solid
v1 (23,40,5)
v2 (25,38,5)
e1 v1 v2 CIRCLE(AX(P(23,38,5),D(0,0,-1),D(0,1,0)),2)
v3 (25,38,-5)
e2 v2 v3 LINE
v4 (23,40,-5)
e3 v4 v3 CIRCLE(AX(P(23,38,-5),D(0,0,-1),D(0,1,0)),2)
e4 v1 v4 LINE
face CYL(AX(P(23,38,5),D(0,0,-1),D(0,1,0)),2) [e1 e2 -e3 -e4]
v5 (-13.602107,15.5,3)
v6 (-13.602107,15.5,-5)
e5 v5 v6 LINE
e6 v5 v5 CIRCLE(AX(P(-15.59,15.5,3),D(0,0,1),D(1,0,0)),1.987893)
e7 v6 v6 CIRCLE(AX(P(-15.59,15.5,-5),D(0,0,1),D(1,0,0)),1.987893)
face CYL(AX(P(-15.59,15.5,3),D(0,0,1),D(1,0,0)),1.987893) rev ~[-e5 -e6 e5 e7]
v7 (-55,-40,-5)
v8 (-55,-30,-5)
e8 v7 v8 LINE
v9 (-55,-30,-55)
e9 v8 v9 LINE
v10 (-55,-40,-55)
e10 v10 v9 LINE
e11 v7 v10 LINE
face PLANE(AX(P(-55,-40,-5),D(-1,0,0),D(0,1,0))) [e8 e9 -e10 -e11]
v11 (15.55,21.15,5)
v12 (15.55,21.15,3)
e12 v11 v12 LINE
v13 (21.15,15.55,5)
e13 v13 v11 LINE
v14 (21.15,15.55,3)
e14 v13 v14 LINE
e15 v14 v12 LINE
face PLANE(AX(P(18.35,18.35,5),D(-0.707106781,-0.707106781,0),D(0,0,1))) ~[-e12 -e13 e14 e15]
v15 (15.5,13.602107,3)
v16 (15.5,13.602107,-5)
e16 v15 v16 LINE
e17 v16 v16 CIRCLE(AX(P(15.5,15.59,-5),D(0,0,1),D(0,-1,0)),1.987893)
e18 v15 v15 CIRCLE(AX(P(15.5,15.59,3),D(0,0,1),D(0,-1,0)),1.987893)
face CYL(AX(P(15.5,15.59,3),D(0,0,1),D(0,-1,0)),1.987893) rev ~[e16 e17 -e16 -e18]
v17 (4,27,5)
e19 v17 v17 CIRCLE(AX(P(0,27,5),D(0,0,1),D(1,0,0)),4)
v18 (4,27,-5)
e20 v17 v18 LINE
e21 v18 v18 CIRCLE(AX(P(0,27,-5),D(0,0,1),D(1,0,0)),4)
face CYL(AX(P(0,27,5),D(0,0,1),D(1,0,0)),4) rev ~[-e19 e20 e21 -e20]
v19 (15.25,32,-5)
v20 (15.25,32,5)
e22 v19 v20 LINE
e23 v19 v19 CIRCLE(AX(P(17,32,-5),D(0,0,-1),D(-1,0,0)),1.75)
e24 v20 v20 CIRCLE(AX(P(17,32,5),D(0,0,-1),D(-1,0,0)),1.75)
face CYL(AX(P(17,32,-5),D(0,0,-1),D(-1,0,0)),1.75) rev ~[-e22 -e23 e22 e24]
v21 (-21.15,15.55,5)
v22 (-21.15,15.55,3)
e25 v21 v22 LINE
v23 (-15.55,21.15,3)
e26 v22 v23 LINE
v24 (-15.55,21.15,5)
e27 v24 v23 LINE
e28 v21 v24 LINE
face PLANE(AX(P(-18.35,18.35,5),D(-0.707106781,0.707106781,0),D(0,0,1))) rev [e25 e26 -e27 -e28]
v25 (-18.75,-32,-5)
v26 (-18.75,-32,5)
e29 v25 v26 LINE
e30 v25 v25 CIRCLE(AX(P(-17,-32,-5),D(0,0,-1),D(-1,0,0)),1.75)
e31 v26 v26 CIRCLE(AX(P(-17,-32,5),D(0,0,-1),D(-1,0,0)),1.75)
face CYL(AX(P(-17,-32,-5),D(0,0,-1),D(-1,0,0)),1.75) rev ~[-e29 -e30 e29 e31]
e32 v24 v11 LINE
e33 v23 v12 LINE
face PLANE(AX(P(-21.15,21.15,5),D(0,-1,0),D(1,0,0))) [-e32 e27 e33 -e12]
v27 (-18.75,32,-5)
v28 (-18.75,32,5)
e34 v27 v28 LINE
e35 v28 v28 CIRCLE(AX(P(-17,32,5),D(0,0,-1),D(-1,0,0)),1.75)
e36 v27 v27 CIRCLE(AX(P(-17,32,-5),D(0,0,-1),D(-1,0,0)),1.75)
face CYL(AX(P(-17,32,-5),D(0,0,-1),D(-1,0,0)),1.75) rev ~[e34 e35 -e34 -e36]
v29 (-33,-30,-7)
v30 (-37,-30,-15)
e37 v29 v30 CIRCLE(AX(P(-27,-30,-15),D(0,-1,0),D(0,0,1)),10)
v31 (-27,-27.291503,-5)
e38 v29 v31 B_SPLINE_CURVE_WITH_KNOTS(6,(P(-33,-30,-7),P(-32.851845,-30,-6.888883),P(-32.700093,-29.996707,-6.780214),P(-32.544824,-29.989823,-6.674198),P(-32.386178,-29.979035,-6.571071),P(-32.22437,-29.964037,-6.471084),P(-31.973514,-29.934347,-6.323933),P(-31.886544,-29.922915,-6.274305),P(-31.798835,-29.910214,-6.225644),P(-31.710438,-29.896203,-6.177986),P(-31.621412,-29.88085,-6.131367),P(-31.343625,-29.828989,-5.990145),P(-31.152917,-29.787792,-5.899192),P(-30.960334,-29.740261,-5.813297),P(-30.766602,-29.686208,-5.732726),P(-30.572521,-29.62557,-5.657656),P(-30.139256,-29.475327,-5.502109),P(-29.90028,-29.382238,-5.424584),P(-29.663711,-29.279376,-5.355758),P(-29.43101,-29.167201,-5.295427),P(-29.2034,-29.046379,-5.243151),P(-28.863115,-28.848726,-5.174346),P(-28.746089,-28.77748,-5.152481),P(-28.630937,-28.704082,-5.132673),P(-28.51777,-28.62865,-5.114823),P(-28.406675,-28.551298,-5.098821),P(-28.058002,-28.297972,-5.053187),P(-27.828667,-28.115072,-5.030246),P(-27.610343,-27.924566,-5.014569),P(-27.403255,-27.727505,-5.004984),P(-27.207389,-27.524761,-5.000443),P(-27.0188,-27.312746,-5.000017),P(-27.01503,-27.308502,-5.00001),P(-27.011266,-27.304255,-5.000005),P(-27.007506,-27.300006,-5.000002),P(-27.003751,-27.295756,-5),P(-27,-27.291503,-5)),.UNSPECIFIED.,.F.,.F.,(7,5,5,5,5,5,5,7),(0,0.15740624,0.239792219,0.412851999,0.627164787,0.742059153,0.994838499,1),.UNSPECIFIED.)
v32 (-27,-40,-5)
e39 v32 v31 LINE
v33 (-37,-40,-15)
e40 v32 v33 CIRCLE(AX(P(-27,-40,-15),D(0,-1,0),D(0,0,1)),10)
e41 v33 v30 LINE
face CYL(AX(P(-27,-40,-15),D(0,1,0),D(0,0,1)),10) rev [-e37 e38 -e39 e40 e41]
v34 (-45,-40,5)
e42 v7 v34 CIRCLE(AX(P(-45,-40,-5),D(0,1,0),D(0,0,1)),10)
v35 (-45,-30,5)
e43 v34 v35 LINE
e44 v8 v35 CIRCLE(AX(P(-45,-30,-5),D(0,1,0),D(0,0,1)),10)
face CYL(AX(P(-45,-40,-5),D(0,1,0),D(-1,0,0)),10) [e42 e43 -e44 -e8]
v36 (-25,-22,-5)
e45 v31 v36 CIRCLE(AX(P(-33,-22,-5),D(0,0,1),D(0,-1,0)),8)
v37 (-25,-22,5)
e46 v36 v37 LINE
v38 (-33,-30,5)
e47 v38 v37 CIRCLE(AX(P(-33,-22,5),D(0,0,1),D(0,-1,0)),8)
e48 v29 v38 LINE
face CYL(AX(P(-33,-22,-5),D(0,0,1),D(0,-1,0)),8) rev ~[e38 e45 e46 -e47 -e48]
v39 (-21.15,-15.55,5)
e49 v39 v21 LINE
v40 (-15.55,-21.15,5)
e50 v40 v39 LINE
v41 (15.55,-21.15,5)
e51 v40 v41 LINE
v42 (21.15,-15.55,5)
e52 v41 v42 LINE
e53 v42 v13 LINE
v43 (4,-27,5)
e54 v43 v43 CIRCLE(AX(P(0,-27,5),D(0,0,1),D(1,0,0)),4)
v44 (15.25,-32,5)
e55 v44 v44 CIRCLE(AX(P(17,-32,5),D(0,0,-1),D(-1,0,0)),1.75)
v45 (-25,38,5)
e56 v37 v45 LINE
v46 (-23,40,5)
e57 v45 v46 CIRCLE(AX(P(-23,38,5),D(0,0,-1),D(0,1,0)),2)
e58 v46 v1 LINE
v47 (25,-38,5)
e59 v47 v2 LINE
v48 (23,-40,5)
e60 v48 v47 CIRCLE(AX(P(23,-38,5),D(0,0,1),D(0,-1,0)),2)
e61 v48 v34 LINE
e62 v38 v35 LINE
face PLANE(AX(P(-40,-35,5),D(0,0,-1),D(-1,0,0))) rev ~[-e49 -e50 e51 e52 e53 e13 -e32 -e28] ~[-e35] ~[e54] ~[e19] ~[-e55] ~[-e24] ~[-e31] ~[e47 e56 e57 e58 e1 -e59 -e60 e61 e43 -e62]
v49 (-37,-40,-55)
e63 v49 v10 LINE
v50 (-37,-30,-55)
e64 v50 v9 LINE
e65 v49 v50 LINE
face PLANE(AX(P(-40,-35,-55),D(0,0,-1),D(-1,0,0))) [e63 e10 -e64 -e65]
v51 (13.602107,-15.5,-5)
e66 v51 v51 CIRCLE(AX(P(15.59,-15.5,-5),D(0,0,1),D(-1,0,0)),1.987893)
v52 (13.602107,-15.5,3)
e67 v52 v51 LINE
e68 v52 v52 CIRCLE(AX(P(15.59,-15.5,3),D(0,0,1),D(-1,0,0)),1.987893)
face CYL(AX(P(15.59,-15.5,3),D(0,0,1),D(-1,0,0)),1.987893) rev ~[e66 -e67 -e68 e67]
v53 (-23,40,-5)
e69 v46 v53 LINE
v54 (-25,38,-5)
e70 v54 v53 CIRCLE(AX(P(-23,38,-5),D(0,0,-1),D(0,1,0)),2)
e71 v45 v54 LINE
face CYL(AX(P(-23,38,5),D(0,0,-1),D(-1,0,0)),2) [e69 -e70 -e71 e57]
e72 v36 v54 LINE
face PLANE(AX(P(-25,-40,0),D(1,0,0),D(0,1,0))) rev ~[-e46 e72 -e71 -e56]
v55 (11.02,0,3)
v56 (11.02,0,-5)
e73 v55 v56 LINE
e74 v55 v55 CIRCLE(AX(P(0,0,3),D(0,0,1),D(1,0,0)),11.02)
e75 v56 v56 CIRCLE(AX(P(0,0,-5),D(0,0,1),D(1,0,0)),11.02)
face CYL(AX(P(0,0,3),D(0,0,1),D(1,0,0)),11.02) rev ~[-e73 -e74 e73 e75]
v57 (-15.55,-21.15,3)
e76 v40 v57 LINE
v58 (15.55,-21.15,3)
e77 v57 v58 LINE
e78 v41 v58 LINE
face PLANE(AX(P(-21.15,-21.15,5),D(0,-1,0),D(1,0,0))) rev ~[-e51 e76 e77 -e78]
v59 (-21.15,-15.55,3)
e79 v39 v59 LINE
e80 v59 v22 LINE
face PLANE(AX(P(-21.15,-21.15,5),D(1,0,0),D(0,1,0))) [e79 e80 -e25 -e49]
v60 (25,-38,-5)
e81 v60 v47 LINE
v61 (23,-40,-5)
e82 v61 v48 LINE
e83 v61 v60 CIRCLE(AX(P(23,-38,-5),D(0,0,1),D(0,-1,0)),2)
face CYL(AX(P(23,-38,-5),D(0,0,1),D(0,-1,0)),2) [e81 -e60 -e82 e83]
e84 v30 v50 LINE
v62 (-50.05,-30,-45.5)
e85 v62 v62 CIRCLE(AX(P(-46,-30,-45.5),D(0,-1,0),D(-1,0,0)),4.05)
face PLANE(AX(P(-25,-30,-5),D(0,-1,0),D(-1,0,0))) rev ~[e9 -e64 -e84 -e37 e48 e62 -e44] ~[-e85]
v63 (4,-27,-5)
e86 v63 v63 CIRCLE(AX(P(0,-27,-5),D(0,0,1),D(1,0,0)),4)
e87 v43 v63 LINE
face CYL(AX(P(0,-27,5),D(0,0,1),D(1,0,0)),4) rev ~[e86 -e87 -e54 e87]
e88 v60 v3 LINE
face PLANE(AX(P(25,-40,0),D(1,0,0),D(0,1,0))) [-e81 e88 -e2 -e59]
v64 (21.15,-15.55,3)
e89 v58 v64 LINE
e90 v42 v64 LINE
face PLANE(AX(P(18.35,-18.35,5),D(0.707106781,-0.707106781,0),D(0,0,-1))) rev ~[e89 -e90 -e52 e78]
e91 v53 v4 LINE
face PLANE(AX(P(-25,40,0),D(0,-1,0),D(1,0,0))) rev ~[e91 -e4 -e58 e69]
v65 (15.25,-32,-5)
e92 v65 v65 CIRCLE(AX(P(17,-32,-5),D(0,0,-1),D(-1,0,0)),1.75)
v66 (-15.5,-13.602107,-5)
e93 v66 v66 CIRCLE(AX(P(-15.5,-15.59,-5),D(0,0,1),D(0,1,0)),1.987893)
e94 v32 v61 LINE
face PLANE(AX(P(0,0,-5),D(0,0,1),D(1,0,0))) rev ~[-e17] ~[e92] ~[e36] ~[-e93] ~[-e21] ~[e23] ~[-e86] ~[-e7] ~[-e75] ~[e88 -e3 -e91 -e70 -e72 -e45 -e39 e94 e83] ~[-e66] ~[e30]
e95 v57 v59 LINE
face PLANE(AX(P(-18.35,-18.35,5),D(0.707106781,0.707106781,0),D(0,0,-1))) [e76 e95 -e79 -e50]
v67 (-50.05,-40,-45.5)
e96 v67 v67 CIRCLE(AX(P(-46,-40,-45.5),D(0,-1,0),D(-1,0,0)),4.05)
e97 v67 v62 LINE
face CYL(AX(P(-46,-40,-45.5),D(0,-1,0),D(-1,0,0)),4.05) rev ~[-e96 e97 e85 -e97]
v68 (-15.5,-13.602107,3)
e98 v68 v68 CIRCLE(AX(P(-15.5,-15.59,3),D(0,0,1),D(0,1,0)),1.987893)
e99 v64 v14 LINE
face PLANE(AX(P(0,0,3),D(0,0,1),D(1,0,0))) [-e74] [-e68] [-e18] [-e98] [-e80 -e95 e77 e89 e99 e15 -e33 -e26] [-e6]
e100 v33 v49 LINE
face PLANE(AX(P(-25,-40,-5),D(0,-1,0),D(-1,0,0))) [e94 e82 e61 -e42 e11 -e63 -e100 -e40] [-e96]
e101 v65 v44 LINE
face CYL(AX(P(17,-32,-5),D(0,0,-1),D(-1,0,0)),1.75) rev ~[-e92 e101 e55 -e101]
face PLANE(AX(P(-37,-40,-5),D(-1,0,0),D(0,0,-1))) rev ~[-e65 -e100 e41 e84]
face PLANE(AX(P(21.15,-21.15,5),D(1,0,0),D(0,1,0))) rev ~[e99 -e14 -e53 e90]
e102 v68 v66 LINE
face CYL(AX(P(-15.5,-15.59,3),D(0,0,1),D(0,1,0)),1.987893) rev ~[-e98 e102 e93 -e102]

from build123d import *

# Parameters (mm, degrees)
ESBO_O1_W                     = 50
ESBO_O1_H                     = 80
RESSALTO_EXTRUS_O1_DEPTH      = 5
ESBO_O2_W                     = 42.3
ESBO_O2_H                     = 42.3
CORTE_EXTRUS_O1_DEPTH         = 2
ESBO_O3_R                     = 11.02
CORTE_EXTRUS_O2_DEPTH         = 24
ESBO_O4_R                     = 1.987893006
CORTE_EXTRUS_O3_DEPTH         = 24
PADR_OCIRCULAR1_COUNT         = 4
ESBO_O5_R                     = 4
CORTE_EXTRUS_O4_DEPTH         = 24
CHANFRO1_SIZE                 = 5.6
ESBO_O6_R                     = 1.75
CORTE_EXTRUS_O5_DEPTH         = 10
FILETE1_R                     = 2
ESBO_O7_W                     = 30
ESBO_O7_H                     = 10
RESSALTO_EXTRUS_O2_DEPTH      = 50
RESSALTO_EXTRUS_O2_DEPTH_BACK = 10
ESBO_O8_R                     = 4.05
CORTE_EXTRUS_O6_DEPTH         = 45
ESBO_O9_W                     = 12
ESBO_O9_H                     = 50
CORTE_EXTRUS_O7_DEPTH         = 45
FILETE2_R                     = 10
FILETE3_R                     = 8


with BuildPart() as part:
    # Esboço1 → Ressalto-extrusão1 (new body, symmetric)
    with BuildSketch(Plane.XY):
        Rectangle(ESBO_O1_W, ESBO_O1_H)
    extrude(amount=RESSALTO_EXTRUS_O1_DEPTH, both=True)

    # Esboço2 → Corte-extrusão1 (cut)
    with BuildSketch(Plane.XY.offset(5)):
        Rectangle(ESBO_O2_W, ESBO_O2_H)
    extrude(amount=-CORTE_EXTRUS_O1_DEPTH, mode=Mode.SUBTRACT)

    # Esboço3 → Corte-extrusão2 (cut)
    with BuildSketch(Plane.XY.offset(3)):
        Circle(ESBO_O3_R)
    extrude(amount=-CORTE_EXTRUS_O2_DEPTH, mode=Mode.SUBTRACT)

    # Esboço4 → Corte-extrusão3 (cut)
    with BuildSketch(Plane.XY.offset(3)):
        with Locations((-15.59, 15.5)):
            Circle(ESBO_O4_R)
    corte_extrus_o3 = extrude(amount=-CORTE_EXTRUS_O3_DEPTH, mode=Mode.SUBTRACT)

    # PadrãoCircular1: Corte-extrusão3 ×4 about axis
    padr_ocircular1_axis = Axis((0, 0, 0), (0, 0, 1))
    for i in range(1, PADR_OCIRCULAR1_COUNT):
        add(corte_extrus_o3.rotate(padr_ocircular1_axis, i * 360 / PADR_OCIRCULAR1_COUNT), mode=Mode.SUBTRACT)

    # Esboço5 → Corte-extrusão4 (cut)
    with BuildSketch(Plane.XY.offset(5)):
        with Locations((0, 27)):
            Circle(ESBO_O5_R)
        with Locations((0, -27)):
            Circle(ESBO_O5_R)
    extrude(amount=-CORTE_EXTRUS_O4_DEPTH, mode=Mode.SUBTRACT)

    # Chanfro1
    chanfro1_edges = [part.edges().sort_by_distance(p)[0] for p in [
        (21.15, 21.15, 4),
        (21.15, -21.15, 4),
        (-21.15, -21.15, 4),
        (-21.15, 21.15, 4),
    ]]
    chamfer(chanfro1_edges, length=CHANFRO1_SIZE)

    # Esboço6 → Corte-extrusão5 (cut)
    with BuildSketch(Plane(origin=(0, 0, -5), x_dir=(-1, 0, 0), z_dir=(0, 0, -1))):
        with Locations((-17, 32)):
            Circle(ESBO_O6_R)
        with Locations((17, 32)):
            Circle(ESBO_O6_R)
        with Locations((-17, -32)):
            Circle(ESBO_O6_R)
        with Locations((17, -32)):
            Circle(ESBO_O6_R)
    extrude(amount=-CORTE_EXTRUS_O5_DEPTH, mode=Mode.SUBTRACT)

    # Filete1
    filete1_edges = [part.edges().sort_by_distance(p)[0] for p in [
        (25, -40, 0),
        (-25, 40, 0),
        (25, 40, 0),
    ]]
    fillet(filete1_edges, radius=FILETE1_R)

    # Esboço7 → Ressalto-extrusão2 (add, two sides)
    with BuildSketch(Plane(origin=(0, 0, -5), x_dir=(-1, 0, 0), z_dir=(0, 0, -1))) as ressalto_extrus_o2_sk:
        with Locations((40, -35)):
            Rectangle(ESBO_O7_W, ESBO_O7_H)
    extrude(amount=RESSALTO_EXTRUS_O2_DEPTH)
    extrude(ressalto_extrus_o2_sk.sketch, amount=-RESSALTO_EXTRUS_O2_DEPTH_BACK)

    # Esboço8 → Corte-extrusão6 (cut)
    with BuildSketch(Plane(origin=(0, -40, 0), x_dir=(-1, 0, 0), z_dir=(0, -1, 0))):
        with Locations((46, 45.5)):
            Circle(ESBO_O8_R)
    extrude(amount=-CORTE_EXTRUS_O6_DEPTH, mode=Mode.SUBTRACT)

    # Esboço9 → Corte-extrusão7 (cut)
    with BuildSketch(Plane(origin=(0, -40, 0), x_dir=(-1, 0, 0), z_dir=(0, -1, 0))):
        with Locations((31, 30)):
            Rectangle(ESBO_O9_W, ESBO_O9_H)
    extrude(amount=-CORTE_EXTRUS_O7_DEPTH, mode=Mode.SUBTRACT)

    # Filete2
    filete2_edges = [part.edges().sort_by_distance(p)[0] for p in [
        (-55, -35, 5),
        (-37, -35, -5),
    ]]
    fillet(filete2_edges, radius=FILETE2_R)

    # Filete3
    filete3_edges = [part.edges().sort_by_distance(p)[0] for p in [
        (-25, -30, 0),
    ]]
    fillet(filete3_edges, radius=FILETE3_R)


solid = part.part
